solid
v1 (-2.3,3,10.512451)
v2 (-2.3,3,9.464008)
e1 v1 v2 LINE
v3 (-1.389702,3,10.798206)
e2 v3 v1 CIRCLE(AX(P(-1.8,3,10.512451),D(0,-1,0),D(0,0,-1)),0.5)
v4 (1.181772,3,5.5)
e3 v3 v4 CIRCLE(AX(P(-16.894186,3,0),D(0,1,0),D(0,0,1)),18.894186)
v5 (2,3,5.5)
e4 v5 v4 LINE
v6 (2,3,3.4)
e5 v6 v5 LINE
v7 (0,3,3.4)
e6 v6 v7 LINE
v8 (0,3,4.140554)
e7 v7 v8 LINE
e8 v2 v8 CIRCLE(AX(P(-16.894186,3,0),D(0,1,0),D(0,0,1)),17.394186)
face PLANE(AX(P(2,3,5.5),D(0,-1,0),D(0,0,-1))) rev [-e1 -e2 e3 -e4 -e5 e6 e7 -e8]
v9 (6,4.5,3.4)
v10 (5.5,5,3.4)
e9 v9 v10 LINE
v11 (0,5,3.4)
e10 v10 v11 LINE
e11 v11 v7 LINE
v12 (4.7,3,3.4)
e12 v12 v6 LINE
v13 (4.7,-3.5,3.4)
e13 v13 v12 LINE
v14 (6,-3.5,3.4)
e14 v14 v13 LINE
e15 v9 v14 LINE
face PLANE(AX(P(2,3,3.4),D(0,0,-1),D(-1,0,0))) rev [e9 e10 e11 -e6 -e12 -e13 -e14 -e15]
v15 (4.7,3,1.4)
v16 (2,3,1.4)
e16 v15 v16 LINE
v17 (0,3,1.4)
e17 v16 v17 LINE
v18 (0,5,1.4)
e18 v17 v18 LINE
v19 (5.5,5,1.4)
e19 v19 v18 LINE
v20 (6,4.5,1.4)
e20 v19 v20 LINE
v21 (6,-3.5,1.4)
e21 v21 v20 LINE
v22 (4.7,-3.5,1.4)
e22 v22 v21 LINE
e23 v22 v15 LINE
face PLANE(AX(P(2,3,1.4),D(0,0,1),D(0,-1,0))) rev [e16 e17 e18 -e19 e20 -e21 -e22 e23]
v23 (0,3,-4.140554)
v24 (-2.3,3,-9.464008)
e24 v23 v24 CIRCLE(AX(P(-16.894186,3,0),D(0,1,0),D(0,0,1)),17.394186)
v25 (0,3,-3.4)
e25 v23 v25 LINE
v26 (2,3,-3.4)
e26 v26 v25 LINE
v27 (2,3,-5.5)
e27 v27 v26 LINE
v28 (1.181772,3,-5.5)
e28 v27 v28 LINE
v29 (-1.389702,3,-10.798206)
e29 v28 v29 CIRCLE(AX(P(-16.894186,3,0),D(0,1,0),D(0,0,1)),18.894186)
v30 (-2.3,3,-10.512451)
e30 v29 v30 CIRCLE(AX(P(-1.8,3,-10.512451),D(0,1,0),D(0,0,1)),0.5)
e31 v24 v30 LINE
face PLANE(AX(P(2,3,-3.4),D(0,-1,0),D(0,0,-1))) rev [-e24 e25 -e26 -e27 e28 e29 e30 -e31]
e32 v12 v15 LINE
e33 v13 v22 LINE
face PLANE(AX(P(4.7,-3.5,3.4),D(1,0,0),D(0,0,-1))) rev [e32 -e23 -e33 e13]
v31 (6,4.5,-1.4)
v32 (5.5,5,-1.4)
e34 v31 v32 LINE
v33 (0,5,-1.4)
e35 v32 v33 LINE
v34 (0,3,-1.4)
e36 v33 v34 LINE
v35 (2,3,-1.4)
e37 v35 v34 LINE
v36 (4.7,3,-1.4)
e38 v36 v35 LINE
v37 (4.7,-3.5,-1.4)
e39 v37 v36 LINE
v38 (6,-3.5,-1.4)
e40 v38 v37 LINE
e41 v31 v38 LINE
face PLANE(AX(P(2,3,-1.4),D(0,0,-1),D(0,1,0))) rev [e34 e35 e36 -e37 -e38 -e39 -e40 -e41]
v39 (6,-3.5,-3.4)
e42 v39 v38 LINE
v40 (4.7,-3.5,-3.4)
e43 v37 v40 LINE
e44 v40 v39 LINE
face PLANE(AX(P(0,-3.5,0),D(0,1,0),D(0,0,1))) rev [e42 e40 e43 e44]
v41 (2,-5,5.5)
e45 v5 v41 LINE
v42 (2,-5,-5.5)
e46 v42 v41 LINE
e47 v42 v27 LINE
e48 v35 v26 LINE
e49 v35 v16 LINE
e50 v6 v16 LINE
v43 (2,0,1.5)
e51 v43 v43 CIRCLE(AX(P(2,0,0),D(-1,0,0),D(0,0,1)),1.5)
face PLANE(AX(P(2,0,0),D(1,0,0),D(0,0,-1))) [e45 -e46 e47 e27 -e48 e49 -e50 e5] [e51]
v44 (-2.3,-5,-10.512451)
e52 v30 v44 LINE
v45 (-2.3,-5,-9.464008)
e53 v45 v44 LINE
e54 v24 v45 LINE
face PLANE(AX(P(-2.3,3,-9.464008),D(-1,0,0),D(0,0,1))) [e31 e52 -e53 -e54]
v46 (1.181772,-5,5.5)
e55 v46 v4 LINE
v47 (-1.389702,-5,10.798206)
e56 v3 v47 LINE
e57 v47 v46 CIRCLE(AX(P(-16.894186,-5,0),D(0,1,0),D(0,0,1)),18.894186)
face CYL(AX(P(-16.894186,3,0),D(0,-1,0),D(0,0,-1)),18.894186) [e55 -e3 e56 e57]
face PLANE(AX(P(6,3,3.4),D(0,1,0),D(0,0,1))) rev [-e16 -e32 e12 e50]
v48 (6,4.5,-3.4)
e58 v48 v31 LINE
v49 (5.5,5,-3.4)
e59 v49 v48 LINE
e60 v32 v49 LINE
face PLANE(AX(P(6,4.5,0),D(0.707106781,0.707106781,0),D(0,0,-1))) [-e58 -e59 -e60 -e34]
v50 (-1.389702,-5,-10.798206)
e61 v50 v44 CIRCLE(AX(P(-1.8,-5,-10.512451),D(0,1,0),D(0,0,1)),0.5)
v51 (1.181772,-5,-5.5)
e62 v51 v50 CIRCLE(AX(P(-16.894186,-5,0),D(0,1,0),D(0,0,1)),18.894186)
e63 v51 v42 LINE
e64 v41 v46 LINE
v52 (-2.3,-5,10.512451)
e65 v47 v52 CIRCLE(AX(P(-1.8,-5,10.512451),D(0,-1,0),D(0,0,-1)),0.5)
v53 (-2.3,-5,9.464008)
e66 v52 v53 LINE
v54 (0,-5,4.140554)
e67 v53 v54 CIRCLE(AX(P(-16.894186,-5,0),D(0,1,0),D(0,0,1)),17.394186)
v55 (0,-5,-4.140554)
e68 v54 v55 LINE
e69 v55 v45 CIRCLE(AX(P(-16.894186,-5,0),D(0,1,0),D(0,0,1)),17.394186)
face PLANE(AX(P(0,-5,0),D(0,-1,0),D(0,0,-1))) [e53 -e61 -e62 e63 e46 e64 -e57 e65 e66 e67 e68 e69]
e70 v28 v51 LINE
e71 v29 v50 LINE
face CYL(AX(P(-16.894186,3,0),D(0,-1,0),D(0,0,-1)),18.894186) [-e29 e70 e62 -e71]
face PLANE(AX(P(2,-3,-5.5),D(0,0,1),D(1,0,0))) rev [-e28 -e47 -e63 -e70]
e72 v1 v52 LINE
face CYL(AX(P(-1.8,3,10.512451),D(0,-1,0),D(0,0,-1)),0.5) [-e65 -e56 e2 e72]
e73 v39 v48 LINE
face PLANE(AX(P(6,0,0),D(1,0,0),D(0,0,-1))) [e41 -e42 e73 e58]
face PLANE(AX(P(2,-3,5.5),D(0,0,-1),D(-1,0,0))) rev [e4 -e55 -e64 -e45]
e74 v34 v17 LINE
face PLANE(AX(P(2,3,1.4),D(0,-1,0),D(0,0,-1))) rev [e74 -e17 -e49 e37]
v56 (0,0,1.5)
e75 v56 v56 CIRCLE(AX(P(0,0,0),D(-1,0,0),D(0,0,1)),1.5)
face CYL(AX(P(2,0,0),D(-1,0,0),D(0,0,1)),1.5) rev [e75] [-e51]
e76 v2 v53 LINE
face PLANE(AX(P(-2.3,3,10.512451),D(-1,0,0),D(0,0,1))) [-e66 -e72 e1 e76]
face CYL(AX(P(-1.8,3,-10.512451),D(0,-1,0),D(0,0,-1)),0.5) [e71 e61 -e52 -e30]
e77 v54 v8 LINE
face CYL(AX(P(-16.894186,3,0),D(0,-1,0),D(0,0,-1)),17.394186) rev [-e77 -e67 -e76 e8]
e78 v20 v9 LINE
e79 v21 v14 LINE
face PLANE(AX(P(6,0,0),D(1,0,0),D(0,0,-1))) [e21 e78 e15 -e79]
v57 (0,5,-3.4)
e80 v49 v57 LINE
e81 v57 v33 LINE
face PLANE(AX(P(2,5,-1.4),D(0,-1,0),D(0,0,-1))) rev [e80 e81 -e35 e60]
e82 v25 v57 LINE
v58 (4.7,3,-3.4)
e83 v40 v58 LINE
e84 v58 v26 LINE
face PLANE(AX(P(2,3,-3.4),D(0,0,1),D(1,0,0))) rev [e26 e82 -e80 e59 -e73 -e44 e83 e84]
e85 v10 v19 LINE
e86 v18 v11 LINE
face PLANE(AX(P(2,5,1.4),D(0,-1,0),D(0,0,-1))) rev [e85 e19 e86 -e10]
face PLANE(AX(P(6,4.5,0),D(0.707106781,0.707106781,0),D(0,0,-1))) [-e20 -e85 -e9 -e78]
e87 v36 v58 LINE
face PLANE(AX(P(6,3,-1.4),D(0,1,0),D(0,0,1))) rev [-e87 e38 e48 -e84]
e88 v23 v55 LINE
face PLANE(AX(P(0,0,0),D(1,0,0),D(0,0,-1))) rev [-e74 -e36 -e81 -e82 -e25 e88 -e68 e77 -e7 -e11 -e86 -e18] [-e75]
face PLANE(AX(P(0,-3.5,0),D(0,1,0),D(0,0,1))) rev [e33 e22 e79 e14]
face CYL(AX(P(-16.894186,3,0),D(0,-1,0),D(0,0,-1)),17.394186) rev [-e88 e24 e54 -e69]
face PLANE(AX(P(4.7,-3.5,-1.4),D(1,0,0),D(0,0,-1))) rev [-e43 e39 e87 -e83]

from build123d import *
from build123d.topology import SkipClean

# Parameters (mm, degrees)
EXTRUDE_1_DEPTH      = 2
SKETCH_3_W           = 2
SKETCH_3_H           = 2
EXTRUDE_3_DEPTH      = 4
SKETCH_4_W           = 1.3
SKETCH_4_H           = 2
EXTRUDE_4_DEPTH      = 6.5
SKETCH_5_W           = 2
SKETCH_5_H           = 11
EXTRUDE_5_DEPTH      = 2
CHAMFER_1_SIZE       = 0.5
SKETCH_6_R           = 1.5
CUT_EXTRUDE_1_DEPTH  = 2
EXTRUDE_6_DEPTH      = 2
EXTRUDE_6_DEPTH_BACK = 6
CUT_EXTRUDE_START    = -2
CUT_EXTRUDE_2_DEPTH  = 2


with BuildPart() as part:
    # 草图1 → 凸台-拉伸1 (new body)
    with BuildSketch(Plane(origin=(0, 0, 0), x_dir=(0, 0, -1), z_dir=(1, 0, 0))):
        Polygon((-5.5, -3), (5.5, -3), (5.5, 3), (3.4, 3), (3.4, 5), (1.4, 5), (1.4, 3), (-1.4, 3), (-1.4, 5), (-3.4, 5), (-3.4, 3), (-5.5, 3), align=None)
    extrude(amount=EXTRUDE_1_DEPTH)

    # 草图3 → 凸台-拉伸3 (add)
    with BuildSketch(Plane(origin=(2, 0, 0), x_dir=(0, 0, -1), z_dir=(1, 0, 0))):
        with Locations((-2.4, 4)):
            Rectangle(SKETCH_3_W, SKETCH_3_H)
        with Locations((2.4, 4)):
            Rectangle(SKETCH_3_W, SKETCH_3_H)
    extrude(amount=EXTRUDE_3_DEPTH)

    # 草图4 → 凸台-拉伸4 (add)
    with BuildSketch(Plane.XZ.offset(-3)):
        with Locations((5.35, 2.4)):
            Rectangle(SKETCH_4_W, SKETCH_4_H)
        with Locations((5.35, -2.4)):
            Rectangle(SKETCH_4_W, SKETCH_4_H)
    extrude(amount=EXTRUDE_4_DEPTH)

    # 草图5 → 凸台-拉伸5 (add)
    with BuildSketch(Plane.XZ.offset(3)):
        with Locations((1, 0)):
            Rectangle(SKETCH_5_W, SKETCH_5_H)
    extrude(amount=EXTRUDE_5_DEPTH)

    # 倒角1
    chamfer_1_edges = [part.edges().sort_by_distance(p)[0] for p in [
        (6, 5, -2.4),
        (6, 5, 2.4),
    ]]
    chamfer(chamfer_1_edges, length=CHAMFER_1_SIZE)

    # 草图6 → 切除-拉伸1 (cut)
    with BuildSketch(Plane.ZY):
        Circle(SKETCH_6_R)
    extrude(amount=-CUT_EXTRUDE_1_DEPTH, mode=Mode.SUBTRACT)

    # 草图2 → 凸台-拉伸6 (add, two sides: drawn at the far end of the back side and taken through both)
    with SkipClean():  # the faces are left unmerged after this step: merging them gives an invalid solid
        with BuildSketch(Plane.XZ.offset(3).offset(-EXTRUDE_6_DEPTH_BACK)):
            with BuildLine():
                Line((-2.3, 10.512451089), (-2.3, 9.464007706))
                ThreePointArc((-2.3, 9.464007706), (0.5, 0), (-2.3, -9.464007706))
                Line((-2.3, -9.464007706), (-2.3, -10.512451089))
                ThreePointArc((-2.3, -10.512451089), (-1.949751675, -10.989498714), (-1.389702257, -10.798205813))
                ThreePointArc((-1.389702257, -10.798205813), (2, 0), (-1.389702257, 10.798205813))
                ThreePointArc((-1.389702257, 10.798205813), (-1.949751675, 10.989498714), (-2.3, 10.512451089))
            make_face()
        extrude(amount=EXTRUDE_6_DEPTH + EXTRUDE_6_DEPTH_BACK)

    # 草图7 → 切除-拉伸2 (cut)
    with SkipClean():  # the faces are left unmerged after this step: merging them gives an invalid solid
        with BuildSketch(Plane(origin=(2, 0, 0), x_dir=(0, 0, -1), z_dir=(1, 0, 0)).offset(CUT_EXTRUDE_START)):
            with BuildLine():
                ThreePointArc((0, -1.5), (1.5, 0), (0, 1.5))
                ThreePointArc((0, 1.5), (-1.5, 0), (0, -1.5))
            make_face()
        extrude(amount=CUT_EXTRUDE_2_DEPTH, mode=Mode.SUBTRACT)


solid = part.part
